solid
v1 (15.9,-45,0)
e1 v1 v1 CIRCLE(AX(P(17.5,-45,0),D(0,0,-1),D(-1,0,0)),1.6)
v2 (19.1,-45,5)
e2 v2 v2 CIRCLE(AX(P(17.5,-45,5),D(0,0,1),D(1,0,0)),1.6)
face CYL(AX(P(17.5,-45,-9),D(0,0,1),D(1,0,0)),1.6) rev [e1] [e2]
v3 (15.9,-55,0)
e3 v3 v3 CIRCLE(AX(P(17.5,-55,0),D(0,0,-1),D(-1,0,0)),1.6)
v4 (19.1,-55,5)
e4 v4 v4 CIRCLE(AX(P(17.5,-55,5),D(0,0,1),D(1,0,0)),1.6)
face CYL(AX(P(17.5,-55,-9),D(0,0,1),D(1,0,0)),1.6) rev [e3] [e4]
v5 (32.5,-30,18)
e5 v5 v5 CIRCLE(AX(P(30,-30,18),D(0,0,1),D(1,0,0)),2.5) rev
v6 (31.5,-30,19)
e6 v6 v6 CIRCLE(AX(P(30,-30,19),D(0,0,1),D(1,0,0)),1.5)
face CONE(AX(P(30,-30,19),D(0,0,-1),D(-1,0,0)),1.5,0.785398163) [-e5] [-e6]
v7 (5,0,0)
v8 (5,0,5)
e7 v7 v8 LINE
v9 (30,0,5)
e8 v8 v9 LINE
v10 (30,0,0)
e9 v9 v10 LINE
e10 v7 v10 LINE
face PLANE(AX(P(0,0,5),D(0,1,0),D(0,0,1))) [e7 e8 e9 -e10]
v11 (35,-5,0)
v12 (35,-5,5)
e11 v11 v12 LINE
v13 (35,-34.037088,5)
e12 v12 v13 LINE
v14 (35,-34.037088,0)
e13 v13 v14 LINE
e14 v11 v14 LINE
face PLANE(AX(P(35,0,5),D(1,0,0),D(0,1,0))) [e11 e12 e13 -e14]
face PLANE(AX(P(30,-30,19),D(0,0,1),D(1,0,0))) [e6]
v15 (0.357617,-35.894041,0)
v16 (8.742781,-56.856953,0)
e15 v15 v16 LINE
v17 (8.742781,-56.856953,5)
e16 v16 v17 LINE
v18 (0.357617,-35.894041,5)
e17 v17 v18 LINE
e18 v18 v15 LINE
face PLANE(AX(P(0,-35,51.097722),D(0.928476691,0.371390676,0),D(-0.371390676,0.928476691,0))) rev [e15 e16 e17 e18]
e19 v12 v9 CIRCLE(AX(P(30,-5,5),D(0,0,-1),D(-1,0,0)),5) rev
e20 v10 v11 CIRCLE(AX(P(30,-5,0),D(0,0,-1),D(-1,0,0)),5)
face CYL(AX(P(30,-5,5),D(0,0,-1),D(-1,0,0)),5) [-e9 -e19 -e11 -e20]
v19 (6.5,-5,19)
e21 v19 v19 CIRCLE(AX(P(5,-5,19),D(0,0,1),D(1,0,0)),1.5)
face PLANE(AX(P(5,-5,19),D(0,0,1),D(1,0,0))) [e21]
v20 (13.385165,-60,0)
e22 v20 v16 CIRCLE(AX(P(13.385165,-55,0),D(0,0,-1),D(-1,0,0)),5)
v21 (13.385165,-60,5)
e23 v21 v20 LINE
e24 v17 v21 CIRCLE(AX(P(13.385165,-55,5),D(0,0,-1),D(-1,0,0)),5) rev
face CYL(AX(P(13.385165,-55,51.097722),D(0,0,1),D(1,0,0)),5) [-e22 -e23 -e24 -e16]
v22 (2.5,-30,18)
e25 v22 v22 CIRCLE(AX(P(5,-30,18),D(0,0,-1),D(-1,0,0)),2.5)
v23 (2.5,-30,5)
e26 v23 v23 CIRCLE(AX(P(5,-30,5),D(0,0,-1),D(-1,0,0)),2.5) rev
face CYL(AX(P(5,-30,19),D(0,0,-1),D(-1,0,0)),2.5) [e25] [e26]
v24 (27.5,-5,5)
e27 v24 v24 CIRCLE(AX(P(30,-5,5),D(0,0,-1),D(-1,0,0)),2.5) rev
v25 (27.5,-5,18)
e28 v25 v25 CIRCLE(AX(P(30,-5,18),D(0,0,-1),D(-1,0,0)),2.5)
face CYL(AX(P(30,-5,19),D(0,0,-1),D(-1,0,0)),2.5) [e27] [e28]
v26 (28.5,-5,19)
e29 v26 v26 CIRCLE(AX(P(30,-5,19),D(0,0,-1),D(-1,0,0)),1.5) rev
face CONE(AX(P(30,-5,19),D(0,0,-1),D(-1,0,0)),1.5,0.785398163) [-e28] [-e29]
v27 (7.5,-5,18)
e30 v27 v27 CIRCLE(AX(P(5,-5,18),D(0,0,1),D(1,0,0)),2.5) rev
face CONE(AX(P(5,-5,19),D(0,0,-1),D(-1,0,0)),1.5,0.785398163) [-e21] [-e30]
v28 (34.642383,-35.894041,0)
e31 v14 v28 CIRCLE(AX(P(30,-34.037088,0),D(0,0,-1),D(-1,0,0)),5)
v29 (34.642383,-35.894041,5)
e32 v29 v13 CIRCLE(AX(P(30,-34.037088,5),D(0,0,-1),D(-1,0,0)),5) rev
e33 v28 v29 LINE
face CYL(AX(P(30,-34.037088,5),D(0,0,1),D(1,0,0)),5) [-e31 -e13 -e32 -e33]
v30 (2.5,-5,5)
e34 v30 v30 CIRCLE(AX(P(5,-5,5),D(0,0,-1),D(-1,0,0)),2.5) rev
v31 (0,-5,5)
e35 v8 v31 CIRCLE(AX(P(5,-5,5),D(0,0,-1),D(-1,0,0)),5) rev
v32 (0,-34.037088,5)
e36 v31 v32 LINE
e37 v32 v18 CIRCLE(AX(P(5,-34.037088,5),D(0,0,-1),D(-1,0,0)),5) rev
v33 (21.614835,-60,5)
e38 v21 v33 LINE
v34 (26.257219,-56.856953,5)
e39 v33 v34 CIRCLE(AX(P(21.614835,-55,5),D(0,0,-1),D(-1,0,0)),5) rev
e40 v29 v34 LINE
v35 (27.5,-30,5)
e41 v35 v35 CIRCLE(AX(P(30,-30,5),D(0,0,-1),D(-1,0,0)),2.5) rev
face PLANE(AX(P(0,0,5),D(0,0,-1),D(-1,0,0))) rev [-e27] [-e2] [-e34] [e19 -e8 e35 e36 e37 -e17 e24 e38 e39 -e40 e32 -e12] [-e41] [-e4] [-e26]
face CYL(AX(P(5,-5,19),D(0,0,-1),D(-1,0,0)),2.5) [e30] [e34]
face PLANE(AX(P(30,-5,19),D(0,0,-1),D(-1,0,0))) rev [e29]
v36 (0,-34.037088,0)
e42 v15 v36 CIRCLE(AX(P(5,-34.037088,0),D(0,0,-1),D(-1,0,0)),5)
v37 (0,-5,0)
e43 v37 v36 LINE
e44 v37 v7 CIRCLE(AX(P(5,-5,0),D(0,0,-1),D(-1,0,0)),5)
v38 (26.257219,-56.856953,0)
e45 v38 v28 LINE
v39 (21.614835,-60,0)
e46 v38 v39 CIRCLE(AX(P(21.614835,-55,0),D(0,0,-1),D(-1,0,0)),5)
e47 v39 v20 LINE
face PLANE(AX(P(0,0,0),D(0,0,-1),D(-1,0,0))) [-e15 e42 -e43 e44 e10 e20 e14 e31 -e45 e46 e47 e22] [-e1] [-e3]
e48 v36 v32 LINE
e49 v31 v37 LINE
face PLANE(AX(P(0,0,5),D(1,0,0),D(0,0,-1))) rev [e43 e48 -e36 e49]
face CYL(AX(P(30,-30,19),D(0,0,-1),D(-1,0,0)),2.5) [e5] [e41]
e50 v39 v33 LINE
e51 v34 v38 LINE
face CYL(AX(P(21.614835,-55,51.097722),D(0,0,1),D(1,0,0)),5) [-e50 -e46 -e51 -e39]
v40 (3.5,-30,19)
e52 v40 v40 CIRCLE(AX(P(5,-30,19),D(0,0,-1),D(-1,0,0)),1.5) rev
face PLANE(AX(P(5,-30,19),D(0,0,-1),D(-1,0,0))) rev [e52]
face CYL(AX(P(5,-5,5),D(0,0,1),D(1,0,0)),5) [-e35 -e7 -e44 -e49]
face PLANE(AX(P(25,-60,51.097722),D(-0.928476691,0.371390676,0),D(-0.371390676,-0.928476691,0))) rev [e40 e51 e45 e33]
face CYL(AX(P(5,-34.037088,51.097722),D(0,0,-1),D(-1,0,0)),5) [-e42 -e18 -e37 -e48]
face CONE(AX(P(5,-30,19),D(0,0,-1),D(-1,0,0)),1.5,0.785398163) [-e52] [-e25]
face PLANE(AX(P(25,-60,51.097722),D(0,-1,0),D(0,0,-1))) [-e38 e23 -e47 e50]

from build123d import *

# Parameters (mm, degrees)
SKETCH1_W           = 35
SKETCH1_H           = 35
BOSS_EXTRUDE1_DEPTH = 5
SKETCH2_R           = 2.5
BOSS_EXTRUDE2_DEPTH = 14
FILLET1_R           = 5
CHAMFER1_SIZE       = 1
BOSS_EXTRUDE3_DEPTH = 5
SKETCH5_R           = 1.6
CUT_EXTRUDE1_DEPTH  = 14
FILLET2_R           = 5


with BuildPart() as part:
    # Sketch1 → Boss-Extrude1 (new body)
    with BuildSketch(Plane.XY):
        with Locations((17.5, -17.5)):
            Rectangle(SKETCH1_W, SKETCH1_H)
    extrude(amount=BOSS_EXTRUDE1_DEPTH)

    # Sketch2 → Boss-Extrude2 (add)
    with BuildSketch(Plane.XY.offset(5)):
        with Locations((5, -5)):
            Circle(SKETCH2_R)
        with Locations((30, -5)):
            Circle(SKETCH2_R)
        with Locations((30, -30)):
            Circle(SKETCH2_R)
        with Locations((5, -30)):
            Circle(SKETCH2_R)
    extrude(amount=BOSS_EXTRUDE2_DEPTH)

    # Fillet1
    fillet1_edges = [part.edges().sort_by_distance(p)[0] for p in [
        (0, 0, 2.5),
        (0, -35, 2.5),
        (35, -35, 2.5),
        (35, 0, 2.5),
    ]]
    fillet(fillet1_edges, radius=FILLET1_R)

    # Chamfer1
    chamfer1_edges = [part.edges().sort_by_distance(p)[0] for p in [
        (2.5, -5, 19),
        (27.5, -5, 19),
        (27.5, -30, 19),
        (2.5, -30, 19),
    ]]
    chamfer(chamfer1_edges, length=CHAMFER1_SIZE)

    # Sketch3 → Boss-Extrude3 (add)
    with BuildSketch(Plane(origin=(0, 0, 0), x_dir=(-1, 0, 0), z_dir=(0, 0, -1))):
        Polygon((-35, -30), (-35, -35), (-25, -60), (-10, -60), (0, -35), (0, -30), align=None)
    extrude(amount=-BOSS_EXTRUDE3_DEPTH)

    # Sketch5 → Cut-Extrude1 (cut)
    with BuildSketch(Plane.XY.offset(5)):
        with Locations((17.5, -55)):
            Circle(SKETCH5_R)
        with Locations((17.5, -45)):
            Circle(SKETCH5_R)
    extrude(amount=-CUT_EXTRUDE1_DEPTH, mode=Mode.SUBTRACT)

    # Fillet2
    fillet2_edges = [part.edges().sort_by_distance(p)[0] for p in [
        (35, -35, 2.5),
        (25, -60, 2.5),
        (10, -60, 2.5),
        (0, -35, 2.5),
    ]]
    fillet(fillet2_edges, radius=FILLET2_R)


solid = part.part
